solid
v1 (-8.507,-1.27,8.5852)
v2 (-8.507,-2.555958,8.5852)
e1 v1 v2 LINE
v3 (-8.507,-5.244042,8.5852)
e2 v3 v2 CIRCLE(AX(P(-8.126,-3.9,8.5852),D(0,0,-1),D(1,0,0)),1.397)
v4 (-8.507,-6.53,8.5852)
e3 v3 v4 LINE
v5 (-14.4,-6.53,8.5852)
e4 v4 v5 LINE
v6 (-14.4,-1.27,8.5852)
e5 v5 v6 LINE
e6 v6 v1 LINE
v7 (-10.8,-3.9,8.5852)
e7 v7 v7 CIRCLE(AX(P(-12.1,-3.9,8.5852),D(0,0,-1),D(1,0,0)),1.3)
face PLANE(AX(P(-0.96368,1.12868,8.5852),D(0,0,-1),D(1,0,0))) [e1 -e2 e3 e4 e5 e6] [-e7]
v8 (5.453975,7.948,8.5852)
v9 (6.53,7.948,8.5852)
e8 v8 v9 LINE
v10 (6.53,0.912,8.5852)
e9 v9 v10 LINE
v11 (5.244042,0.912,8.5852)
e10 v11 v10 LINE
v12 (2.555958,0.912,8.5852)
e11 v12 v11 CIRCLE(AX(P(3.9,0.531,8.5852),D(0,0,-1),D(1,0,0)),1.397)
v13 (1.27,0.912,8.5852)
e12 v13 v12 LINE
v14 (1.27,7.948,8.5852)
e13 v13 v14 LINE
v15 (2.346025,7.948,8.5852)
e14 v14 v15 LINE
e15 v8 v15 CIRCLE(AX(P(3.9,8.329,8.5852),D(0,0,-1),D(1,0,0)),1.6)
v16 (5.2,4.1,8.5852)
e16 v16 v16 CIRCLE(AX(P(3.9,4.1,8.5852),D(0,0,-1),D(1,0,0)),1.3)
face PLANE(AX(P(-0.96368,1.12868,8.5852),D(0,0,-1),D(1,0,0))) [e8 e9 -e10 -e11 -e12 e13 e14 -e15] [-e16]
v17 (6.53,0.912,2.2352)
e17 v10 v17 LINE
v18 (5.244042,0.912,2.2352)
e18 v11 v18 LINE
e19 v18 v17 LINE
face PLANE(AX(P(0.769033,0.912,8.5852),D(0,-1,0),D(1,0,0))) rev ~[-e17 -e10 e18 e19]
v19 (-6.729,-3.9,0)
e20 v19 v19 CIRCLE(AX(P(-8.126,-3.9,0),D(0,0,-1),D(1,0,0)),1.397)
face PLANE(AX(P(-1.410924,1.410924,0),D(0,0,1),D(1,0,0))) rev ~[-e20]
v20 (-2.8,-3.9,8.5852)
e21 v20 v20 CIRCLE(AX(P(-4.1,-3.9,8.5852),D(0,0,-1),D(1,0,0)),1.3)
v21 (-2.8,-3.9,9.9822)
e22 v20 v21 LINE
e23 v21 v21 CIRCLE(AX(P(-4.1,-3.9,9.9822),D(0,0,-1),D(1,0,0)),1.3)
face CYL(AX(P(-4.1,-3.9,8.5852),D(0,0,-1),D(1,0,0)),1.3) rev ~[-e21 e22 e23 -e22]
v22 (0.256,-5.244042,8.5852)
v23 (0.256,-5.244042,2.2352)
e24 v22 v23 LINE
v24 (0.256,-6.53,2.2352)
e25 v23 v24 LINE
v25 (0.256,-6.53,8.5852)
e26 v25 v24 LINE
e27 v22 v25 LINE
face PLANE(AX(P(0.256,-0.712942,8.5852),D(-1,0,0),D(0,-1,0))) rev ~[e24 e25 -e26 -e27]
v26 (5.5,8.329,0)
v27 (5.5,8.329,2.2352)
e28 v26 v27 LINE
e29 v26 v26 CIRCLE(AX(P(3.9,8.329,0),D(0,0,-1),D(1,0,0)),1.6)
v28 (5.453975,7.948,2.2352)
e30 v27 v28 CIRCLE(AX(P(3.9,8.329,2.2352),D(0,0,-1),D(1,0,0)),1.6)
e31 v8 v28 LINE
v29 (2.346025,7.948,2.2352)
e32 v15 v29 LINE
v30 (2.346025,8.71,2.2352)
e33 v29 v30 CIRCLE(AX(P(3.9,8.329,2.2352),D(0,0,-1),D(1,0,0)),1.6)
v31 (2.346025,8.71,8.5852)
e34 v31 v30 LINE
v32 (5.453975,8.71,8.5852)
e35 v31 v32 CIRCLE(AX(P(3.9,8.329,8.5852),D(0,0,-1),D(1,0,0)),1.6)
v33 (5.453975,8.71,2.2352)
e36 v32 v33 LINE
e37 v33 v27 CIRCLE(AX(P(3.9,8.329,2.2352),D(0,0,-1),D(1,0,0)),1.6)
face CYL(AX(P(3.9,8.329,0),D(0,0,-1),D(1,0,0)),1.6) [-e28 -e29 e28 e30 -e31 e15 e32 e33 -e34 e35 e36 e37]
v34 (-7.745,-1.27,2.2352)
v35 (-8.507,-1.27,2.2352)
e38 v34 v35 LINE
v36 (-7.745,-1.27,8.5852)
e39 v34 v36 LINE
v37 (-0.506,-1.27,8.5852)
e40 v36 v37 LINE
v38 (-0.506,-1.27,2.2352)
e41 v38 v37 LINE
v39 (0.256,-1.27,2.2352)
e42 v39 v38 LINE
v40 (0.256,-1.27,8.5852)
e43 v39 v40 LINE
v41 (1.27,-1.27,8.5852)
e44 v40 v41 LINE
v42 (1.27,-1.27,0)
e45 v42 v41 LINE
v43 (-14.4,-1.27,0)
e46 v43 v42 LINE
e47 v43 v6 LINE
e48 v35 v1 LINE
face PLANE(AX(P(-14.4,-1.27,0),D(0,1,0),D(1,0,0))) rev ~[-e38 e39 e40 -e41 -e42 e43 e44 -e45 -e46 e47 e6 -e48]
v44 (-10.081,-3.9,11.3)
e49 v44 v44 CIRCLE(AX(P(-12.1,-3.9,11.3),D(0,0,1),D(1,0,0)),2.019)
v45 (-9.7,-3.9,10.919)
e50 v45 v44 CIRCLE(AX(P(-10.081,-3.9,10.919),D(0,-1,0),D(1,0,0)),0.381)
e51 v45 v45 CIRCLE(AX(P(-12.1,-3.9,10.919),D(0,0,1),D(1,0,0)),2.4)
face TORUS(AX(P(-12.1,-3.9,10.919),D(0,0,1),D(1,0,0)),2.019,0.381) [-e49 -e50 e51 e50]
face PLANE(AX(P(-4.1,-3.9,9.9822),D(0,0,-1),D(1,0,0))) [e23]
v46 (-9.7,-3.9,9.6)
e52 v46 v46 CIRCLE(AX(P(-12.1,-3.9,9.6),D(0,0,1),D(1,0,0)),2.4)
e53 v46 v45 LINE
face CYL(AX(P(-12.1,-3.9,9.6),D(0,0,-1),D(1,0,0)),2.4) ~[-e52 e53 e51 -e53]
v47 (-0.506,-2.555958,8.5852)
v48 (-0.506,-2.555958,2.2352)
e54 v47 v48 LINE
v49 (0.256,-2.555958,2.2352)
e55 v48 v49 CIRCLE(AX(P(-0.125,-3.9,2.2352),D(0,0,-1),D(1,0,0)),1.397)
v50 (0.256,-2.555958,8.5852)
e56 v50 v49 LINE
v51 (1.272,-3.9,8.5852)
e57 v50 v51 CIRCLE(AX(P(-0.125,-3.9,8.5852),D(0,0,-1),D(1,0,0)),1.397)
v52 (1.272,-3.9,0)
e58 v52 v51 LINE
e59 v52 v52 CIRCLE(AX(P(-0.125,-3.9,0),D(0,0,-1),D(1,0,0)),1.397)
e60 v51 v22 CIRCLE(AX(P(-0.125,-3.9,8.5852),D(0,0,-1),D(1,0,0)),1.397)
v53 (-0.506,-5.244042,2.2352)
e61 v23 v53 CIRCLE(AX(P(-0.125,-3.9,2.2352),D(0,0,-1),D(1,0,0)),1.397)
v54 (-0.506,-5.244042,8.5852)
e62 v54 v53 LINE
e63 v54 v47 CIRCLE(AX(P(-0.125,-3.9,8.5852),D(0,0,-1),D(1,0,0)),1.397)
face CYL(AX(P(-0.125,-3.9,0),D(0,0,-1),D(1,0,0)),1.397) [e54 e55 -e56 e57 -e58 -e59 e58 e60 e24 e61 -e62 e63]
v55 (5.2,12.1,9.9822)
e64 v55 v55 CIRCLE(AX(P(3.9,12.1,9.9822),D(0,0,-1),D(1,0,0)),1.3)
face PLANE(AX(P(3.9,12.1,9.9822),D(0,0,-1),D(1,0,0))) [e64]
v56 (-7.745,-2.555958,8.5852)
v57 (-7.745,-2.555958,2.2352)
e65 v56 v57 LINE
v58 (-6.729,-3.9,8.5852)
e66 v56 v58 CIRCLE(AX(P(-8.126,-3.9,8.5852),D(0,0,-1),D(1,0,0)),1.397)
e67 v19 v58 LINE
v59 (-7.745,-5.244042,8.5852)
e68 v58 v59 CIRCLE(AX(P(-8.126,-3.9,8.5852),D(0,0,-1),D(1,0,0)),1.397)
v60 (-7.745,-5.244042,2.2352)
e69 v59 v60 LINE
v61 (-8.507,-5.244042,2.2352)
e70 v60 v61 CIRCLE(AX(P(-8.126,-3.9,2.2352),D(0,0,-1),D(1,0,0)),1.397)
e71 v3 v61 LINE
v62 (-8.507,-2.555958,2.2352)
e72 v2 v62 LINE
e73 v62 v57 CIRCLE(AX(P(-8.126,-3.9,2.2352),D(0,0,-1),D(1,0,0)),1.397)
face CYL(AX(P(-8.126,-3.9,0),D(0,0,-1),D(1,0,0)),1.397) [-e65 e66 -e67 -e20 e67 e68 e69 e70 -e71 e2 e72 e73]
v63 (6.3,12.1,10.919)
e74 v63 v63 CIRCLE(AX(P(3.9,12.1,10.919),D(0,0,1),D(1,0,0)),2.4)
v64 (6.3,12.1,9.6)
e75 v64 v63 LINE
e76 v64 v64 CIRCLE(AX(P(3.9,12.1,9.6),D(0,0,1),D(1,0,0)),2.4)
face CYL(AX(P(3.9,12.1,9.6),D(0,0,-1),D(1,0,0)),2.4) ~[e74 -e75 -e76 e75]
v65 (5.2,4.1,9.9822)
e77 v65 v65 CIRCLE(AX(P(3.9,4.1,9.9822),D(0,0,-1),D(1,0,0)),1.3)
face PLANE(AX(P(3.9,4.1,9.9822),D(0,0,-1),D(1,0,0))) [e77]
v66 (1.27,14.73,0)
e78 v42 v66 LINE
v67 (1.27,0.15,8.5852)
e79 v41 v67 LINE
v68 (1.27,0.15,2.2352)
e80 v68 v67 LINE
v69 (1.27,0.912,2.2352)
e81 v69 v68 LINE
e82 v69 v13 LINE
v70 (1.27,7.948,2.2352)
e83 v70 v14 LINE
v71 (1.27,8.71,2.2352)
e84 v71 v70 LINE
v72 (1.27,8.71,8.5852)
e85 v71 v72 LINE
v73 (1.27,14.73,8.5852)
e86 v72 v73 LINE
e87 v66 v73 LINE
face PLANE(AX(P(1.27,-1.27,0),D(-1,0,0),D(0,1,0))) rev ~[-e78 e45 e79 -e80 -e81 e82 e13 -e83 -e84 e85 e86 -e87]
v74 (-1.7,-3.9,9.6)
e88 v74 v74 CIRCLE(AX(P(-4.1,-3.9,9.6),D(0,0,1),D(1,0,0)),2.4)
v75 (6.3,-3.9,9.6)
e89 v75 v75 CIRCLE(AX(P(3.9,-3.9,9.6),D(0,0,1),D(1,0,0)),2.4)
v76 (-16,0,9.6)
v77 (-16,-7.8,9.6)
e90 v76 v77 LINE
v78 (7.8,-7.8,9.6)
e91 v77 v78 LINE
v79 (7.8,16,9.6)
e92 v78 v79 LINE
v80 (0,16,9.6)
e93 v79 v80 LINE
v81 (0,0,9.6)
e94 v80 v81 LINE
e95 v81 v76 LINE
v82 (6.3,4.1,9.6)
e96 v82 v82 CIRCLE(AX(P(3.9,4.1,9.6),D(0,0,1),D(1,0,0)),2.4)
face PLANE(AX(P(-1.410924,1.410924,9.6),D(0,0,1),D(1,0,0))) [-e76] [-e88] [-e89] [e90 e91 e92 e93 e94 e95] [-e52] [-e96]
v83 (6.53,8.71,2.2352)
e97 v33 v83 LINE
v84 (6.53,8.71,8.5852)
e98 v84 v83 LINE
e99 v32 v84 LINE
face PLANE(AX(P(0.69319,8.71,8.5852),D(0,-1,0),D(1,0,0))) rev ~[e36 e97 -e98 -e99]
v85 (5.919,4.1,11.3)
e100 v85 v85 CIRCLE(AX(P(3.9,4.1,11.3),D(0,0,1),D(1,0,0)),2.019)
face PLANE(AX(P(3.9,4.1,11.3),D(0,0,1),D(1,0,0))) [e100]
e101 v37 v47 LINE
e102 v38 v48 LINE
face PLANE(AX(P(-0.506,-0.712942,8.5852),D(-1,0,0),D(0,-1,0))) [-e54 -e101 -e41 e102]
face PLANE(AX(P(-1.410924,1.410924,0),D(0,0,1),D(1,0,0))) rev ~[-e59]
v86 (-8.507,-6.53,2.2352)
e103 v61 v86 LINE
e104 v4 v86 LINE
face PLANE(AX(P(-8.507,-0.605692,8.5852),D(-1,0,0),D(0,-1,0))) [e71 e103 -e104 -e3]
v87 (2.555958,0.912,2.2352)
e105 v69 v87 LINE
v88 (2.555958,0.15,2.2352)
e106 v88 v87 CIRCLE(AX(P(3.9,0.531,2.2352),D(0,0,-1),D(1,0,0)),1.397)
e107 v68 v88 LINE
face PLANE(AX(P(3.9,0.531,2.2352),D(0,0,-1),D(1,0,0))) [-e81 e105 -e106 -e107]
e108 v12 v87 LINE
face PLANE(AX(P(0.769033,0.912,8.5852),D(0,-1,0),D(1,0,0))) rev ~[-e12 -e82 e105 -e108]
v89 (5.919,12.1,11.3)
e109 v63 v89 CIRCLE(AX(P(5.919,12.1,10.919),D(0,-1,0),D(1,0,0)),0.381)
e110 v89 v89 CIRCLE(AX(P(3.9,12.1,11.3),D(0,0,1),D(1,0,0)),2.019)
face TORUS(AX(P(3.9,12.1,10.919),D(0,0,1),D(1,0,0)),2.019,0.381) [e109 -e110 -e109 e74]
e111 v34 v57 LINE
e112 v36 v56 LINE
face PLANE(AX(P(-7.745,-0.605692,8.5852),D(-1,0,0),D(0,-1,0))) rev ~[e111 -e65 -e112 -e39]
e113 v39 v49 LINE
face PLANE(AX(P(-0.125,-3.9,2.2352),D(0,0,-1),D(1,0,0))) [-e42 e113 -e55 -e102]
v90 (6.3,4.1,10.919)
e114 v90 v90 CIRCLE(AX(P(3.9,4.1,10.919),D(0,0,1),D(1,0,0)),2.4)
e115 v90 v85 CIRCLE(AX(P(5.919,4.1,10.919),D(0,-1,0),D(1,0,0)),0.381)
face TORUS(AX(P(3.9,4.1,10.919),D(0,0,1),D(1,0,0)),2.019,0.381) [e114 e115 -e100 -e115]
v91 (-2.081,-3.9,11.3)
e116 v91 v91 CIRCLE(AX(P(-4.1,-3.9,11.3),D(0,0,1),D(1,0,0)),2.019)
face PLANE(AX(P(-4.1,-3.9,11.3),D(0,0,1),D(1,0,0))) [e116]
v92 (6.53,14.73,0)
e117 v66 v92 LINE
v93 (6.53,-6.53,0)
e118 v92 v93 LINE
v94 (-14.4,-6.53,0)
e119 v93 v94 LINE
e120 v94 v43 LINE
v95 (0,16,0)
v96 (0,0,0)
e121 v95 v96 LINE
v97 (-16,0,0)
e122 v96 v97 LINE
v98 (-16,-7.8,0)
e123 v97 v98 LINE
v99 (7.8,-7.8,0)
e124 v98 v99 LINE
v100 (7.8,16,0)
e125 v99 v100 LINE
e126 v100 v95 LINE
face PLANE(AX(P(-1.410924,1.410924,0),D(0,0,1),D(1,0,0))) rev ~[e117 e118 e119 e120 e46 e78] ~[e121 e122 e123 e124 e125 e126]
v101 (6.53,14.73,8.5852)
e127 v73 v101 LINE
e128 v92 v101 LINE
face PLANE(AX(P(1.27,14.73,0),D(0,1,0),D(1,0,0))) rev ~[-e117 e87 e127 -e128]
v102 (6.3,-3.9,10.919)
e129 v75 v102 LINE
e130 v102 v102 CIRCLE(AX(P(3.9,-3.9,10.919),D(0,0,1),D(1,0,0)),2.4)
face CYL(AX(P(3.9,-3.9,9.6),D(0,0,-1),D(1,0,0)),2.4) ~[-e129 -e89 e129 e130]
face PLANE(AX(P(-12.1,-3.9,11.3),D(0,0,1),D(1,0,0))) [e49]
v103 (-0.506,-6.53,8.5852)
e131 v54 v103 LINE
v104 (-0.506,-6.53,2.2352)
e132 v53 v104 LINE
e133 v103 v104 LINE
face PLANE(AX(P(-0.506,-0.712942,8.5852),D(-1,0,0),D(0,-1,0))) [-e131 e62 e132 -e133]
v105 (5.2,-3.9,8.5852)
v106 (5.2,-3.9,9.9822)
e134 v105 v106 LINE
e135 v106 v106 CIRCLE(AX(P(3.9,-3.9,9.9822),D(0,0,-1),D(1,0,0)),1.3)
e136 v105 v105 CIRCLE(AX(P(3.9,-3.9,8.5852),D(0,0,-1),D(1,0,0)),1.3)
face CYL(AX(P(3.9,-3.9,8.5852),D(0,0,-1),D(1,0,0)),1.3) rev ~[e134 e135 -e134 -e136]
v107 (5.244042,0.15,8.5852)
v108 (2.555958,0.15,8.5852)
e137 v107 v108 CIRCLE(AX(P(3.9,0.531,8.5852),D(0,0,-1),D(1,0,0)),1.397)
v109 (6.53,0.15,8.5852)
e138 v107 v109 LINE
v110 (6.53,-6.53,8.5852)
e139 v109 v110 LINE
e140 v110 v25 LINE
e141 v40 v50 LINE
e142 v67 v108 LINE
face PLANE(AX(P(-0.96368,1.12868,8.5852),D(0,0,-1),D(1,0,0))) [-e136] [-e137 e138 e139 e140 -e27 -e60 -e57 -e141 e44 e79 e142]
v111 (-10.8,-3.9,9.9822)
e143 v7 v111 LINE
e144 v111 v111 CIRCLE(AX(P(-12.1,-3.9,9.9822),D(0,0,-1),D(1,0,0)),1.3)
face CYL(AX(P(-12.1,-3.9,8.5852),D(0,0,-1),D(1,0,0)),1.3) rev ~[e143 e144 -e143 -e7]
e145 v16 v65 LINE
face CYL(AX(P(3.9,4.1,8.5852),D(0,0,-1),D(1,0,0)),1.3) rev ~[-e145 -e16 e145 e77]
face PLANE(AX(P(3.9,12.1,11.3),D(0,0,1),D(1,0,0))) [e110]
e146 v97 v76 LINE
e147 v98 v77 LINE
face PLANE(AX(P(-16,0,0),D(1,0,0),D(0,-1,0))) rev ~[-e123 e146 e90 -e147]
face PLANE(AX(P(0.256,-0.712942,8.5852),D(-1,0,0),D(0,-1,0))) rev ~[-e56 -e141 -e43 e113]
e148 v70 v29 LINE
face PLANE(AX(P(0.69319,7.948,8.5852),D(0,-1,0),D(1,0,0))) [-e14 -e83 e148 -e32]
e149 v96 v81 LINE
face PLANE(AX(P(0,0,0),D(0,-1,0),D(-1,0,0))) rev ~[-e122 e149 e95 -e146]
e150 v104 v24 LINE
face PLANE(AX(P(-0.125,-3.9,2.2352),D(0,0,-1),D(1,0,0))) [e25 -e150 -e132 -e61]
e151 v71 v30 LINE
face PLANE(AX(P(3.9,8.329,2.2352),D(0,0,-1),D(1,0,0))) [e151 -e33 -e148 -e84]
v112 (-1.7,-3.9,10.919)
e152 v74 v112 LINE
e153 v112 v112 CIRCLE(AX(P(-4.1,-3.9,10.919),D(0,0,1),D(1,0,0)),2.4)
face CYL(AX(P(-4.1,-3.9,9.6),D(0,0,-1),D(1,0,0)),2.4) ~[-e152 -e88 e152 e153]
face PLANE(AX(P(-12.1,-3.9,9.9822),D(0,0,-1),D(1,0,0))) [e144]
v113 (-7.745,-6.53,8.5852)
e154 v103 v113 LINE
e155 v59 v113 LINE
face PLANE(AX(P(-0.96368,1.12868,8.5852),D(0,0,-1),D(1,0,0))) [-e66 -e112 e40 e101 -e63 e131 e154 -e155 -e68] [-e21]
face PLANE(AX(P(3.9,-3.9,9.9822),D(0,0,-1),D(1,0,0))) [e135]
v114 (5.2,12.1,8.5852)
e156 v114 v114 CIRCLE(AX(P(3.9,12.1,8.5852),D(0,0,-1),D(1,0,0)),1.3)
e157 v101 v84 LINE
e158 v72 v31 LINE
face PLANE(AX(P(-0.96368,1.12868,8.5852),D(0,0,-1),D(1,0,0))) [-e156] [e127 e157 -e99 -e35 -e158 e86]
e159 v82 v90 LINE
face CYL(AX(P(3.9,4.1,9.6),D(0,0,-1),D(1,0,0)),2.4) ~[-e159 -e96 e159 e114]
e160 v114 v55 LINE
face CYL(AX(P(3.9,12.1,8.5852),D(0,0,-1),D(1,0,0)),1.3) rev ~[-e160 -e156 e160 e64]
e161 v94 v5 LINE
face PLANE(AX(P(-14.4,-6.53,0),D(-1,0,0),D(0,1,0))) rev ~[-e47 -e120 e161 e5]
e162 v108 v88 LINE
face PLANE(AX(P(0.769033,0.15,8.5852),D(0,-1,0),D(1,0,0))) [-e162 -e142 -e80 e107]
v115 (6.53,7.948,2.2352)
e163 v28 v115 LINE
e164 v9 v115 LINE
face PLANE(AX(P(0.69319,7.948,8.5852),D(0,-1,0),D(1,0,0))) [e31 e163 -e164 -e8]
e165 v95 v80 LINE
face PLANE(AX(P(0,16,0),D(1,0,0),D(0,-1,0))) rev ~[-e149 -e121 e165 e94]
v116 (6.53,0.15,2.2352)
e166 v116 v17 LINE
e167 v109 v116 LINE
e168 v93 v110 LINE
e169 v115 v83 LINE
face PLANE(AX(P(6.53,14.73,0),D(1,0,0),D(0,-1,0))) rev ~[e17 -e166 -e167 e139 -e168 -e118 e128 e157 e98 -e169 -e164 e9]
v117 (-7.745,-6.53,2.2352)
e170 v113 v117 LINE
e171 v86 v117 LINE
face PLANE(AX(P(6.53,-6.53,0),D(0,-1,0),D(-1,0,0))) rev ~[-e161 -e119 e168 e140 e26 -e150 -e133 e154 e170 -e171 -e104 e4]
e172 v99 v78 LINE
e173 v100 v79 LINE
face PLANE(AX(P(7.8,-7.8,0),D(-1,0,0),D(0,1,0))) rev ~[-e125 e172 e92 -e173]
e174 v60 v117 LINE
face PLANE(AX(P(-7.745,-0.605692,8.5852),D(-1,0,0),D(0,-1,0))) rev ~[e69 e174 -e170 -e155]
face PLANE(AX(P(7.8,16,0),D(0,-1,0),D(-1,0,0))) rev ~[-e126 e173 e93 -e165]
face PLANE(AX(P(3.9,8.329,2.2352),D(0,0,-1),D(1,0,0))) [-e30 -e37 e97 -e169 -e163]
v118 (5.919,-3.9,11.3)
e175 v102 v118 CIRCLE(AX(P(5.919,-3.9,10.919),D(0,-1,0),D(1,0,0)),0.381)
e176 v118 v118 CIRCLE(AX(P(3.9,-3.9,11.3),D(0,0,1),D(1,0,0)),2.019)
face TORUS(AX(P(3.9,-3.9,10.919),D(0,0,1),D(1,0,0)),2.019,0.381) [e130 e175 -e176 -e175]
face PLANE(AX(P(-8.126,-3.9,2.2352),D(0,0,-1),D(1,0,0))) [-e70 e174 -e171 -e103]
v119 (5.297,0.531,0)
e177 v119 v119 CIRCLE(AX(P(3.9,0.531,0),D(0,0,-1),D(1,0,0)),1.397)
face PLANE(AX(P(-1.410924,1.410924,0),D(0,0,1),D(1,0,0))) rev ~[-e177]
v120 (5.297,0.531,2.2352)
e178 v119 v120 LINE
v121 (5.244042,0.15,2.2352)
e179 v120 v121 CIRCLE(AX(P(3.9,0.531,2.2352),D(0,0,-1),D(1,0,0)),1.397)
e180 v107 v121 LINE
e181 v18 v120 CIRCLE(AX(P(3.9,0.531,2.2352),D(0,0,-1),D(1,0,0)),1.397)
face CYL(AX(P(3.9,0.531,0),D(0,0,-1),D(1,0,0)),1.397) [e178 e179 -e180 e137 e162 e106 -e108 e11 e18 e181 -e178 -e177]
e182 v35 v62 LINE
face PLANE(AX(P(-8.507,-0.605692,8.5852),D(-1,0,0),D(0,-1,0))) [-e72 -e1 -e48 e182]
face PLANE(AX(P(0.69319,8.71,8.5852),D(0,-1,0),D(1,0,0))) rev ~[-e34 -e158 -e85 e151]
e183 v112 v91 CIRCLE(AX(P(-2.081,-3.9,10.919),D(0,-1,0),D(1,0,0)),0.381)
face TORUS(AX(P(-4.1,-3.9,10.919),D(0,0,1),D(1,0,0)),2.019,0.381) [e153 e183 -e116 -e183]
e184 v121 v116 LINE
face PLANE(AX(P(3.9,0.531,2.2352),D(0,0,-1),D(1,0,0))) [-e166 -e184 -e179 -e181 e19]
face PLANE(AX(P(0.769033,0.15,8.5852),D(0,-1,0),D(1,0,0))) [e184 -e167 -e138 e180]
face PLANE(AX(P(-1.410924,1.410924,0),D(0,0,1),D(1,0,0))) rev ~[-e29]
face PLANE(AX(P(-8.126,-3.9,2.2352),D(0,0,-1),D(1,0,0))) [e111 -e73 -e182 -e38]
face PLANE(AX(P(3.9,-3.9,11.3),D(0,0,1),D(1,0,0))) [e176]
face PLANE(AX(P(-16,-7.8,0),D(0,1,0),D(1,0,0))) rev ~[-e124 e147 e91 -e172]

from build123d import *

# Parameters (mm, degrees)
F1_DEPTH  = 9.6
F2_R      = 2.4
F3_DEPTH  = 1.7
F4_R      = 0.381
F5_R      = 1.6
F5_R_2    = 1.397
F6_DEPTH  = 8.5852
F7_R      = 1.3
F8_DEPTH  = 1.397
F9_W      = 6.261934
F9_H      = 0.762
F9_W_2    = 6.41362
F9_W_3    = 0.762
F9_H_2    = 6.588616
F9_H_3    = 6.374116
F10_DEPTH = 6.35


with BuildPart() as f1:
    # F0 (on Top) → F1 (new body)
    with BuildSketch(Plane.XY):
        Polygon((0, 0), (-16, 0), (-16, -7.8), (7.8, -7.8), (7.8, 0), (7.8, 16), (0, 16), align=None)
    extrude(amount=F1_DEPTH)

    # F2 (on face) → F3 (join)
    with BuildSketch(Plane.XY.offset(9.6)):
        with Locations((-12.1, -3.9)):
            Circle(F2_R)
        with Locations((-4.1, -3.9)):
            Circle(F2_R)
        with Locations((3.9, -3.9)):
            Circle(F2_R)
        with Locations((3.9, 4.1)):
            Circle(F2_R)
        with Locations((3.9, 12.1)):
            Circle(F2_R)
    extrude(amount=F3_DEPTH)

    # F4
    f4_edges = [f1.edges().sort_by_distance(p)[0] for p in [
        (1.5, 12.1, 11.3),
        (1.5, 4.1, 11.3),
        (1.5, -3.9, 11.3),
        (-6.5, -3.9, 11.3),
        (-14.5, -3.9, 11.3),
    ]]
    fillet(f4_edges, radius=F4_R)

    # F5 (on face) → F6 (cut)
    with BuildSketch(Plane(origin=(0, 0, 0), x_dir=(1, 0, 0), z_dir=(0, 0, -1))):
        Polygon((6.53, 6.53), (-14.4, 6.53), (-14.4, 1.27), (1.27, 1.27), (1.27, -14.73), (6.53, -14.73), (6.53, 1.27), align=None)
        with Locations((3.9, -8.329)):
            Circle(F5_R, mode=Mode.SUBTRACT)
        with Locations((-8.126, 3.9)):
            Circle(F5_R_2, mode=Mode.SUBTRACT)
        with Locations((3.9, -0.531)):
            Circle(F5_R_2, mode=Mode.SUBTRACT)
        with Locations((-0.125, 3.9)):
            Circle(F5_R_2, mode=Mode.SUBTRACT)
    extrude(amount=-F6_DEPTH, mode=Mode.SUBTRACT)

    # F7 (on face) → F8 (cut)
    with BuildSketch(Plane(origin=(0, 0, 8.5852), x_dir=(1, 0, 0), z_dir=(0, 0, -1))):
        with Locations((-12.1, 3.9)):
            Circle(F7_R)
        with Locations((-4.1, 3.9)):
            Circle(F7_R)
        with Locations((3.9, 3.9)):
            Circle(F7_R)
        with Locations((3.9, -4.1)):
            Circle(F7_R)
        with Locations((3.9, -12.1)):
            Circle(F7_R)
    extrude(amount=-F8_DEPTH, mode=Mode.SUBTRACT)

    # F9 (on face) → F10 (join)
    with BuildSketch(Plane(origin=(0, 0, 8.5852), x_dir=(1, 0, 0), z_dir=(0, 0, -1))):
        with Locations((3.9, -0.531)):
            Rectangle(F9_W, F9_H)
        with Locations((3.9, -8.329)):
            Rectangle(F9_W_2, F9_H)
        with Locations((-8.126, 3.9)):
            Rectangle(F9_W_3, F9_H_2)
        with Locations((-0.125, 3.9)):
            Rectangle(F9_W_3, F9_H_3)
    extrude(amount=F10_DEPTH)


solid = f1.part
